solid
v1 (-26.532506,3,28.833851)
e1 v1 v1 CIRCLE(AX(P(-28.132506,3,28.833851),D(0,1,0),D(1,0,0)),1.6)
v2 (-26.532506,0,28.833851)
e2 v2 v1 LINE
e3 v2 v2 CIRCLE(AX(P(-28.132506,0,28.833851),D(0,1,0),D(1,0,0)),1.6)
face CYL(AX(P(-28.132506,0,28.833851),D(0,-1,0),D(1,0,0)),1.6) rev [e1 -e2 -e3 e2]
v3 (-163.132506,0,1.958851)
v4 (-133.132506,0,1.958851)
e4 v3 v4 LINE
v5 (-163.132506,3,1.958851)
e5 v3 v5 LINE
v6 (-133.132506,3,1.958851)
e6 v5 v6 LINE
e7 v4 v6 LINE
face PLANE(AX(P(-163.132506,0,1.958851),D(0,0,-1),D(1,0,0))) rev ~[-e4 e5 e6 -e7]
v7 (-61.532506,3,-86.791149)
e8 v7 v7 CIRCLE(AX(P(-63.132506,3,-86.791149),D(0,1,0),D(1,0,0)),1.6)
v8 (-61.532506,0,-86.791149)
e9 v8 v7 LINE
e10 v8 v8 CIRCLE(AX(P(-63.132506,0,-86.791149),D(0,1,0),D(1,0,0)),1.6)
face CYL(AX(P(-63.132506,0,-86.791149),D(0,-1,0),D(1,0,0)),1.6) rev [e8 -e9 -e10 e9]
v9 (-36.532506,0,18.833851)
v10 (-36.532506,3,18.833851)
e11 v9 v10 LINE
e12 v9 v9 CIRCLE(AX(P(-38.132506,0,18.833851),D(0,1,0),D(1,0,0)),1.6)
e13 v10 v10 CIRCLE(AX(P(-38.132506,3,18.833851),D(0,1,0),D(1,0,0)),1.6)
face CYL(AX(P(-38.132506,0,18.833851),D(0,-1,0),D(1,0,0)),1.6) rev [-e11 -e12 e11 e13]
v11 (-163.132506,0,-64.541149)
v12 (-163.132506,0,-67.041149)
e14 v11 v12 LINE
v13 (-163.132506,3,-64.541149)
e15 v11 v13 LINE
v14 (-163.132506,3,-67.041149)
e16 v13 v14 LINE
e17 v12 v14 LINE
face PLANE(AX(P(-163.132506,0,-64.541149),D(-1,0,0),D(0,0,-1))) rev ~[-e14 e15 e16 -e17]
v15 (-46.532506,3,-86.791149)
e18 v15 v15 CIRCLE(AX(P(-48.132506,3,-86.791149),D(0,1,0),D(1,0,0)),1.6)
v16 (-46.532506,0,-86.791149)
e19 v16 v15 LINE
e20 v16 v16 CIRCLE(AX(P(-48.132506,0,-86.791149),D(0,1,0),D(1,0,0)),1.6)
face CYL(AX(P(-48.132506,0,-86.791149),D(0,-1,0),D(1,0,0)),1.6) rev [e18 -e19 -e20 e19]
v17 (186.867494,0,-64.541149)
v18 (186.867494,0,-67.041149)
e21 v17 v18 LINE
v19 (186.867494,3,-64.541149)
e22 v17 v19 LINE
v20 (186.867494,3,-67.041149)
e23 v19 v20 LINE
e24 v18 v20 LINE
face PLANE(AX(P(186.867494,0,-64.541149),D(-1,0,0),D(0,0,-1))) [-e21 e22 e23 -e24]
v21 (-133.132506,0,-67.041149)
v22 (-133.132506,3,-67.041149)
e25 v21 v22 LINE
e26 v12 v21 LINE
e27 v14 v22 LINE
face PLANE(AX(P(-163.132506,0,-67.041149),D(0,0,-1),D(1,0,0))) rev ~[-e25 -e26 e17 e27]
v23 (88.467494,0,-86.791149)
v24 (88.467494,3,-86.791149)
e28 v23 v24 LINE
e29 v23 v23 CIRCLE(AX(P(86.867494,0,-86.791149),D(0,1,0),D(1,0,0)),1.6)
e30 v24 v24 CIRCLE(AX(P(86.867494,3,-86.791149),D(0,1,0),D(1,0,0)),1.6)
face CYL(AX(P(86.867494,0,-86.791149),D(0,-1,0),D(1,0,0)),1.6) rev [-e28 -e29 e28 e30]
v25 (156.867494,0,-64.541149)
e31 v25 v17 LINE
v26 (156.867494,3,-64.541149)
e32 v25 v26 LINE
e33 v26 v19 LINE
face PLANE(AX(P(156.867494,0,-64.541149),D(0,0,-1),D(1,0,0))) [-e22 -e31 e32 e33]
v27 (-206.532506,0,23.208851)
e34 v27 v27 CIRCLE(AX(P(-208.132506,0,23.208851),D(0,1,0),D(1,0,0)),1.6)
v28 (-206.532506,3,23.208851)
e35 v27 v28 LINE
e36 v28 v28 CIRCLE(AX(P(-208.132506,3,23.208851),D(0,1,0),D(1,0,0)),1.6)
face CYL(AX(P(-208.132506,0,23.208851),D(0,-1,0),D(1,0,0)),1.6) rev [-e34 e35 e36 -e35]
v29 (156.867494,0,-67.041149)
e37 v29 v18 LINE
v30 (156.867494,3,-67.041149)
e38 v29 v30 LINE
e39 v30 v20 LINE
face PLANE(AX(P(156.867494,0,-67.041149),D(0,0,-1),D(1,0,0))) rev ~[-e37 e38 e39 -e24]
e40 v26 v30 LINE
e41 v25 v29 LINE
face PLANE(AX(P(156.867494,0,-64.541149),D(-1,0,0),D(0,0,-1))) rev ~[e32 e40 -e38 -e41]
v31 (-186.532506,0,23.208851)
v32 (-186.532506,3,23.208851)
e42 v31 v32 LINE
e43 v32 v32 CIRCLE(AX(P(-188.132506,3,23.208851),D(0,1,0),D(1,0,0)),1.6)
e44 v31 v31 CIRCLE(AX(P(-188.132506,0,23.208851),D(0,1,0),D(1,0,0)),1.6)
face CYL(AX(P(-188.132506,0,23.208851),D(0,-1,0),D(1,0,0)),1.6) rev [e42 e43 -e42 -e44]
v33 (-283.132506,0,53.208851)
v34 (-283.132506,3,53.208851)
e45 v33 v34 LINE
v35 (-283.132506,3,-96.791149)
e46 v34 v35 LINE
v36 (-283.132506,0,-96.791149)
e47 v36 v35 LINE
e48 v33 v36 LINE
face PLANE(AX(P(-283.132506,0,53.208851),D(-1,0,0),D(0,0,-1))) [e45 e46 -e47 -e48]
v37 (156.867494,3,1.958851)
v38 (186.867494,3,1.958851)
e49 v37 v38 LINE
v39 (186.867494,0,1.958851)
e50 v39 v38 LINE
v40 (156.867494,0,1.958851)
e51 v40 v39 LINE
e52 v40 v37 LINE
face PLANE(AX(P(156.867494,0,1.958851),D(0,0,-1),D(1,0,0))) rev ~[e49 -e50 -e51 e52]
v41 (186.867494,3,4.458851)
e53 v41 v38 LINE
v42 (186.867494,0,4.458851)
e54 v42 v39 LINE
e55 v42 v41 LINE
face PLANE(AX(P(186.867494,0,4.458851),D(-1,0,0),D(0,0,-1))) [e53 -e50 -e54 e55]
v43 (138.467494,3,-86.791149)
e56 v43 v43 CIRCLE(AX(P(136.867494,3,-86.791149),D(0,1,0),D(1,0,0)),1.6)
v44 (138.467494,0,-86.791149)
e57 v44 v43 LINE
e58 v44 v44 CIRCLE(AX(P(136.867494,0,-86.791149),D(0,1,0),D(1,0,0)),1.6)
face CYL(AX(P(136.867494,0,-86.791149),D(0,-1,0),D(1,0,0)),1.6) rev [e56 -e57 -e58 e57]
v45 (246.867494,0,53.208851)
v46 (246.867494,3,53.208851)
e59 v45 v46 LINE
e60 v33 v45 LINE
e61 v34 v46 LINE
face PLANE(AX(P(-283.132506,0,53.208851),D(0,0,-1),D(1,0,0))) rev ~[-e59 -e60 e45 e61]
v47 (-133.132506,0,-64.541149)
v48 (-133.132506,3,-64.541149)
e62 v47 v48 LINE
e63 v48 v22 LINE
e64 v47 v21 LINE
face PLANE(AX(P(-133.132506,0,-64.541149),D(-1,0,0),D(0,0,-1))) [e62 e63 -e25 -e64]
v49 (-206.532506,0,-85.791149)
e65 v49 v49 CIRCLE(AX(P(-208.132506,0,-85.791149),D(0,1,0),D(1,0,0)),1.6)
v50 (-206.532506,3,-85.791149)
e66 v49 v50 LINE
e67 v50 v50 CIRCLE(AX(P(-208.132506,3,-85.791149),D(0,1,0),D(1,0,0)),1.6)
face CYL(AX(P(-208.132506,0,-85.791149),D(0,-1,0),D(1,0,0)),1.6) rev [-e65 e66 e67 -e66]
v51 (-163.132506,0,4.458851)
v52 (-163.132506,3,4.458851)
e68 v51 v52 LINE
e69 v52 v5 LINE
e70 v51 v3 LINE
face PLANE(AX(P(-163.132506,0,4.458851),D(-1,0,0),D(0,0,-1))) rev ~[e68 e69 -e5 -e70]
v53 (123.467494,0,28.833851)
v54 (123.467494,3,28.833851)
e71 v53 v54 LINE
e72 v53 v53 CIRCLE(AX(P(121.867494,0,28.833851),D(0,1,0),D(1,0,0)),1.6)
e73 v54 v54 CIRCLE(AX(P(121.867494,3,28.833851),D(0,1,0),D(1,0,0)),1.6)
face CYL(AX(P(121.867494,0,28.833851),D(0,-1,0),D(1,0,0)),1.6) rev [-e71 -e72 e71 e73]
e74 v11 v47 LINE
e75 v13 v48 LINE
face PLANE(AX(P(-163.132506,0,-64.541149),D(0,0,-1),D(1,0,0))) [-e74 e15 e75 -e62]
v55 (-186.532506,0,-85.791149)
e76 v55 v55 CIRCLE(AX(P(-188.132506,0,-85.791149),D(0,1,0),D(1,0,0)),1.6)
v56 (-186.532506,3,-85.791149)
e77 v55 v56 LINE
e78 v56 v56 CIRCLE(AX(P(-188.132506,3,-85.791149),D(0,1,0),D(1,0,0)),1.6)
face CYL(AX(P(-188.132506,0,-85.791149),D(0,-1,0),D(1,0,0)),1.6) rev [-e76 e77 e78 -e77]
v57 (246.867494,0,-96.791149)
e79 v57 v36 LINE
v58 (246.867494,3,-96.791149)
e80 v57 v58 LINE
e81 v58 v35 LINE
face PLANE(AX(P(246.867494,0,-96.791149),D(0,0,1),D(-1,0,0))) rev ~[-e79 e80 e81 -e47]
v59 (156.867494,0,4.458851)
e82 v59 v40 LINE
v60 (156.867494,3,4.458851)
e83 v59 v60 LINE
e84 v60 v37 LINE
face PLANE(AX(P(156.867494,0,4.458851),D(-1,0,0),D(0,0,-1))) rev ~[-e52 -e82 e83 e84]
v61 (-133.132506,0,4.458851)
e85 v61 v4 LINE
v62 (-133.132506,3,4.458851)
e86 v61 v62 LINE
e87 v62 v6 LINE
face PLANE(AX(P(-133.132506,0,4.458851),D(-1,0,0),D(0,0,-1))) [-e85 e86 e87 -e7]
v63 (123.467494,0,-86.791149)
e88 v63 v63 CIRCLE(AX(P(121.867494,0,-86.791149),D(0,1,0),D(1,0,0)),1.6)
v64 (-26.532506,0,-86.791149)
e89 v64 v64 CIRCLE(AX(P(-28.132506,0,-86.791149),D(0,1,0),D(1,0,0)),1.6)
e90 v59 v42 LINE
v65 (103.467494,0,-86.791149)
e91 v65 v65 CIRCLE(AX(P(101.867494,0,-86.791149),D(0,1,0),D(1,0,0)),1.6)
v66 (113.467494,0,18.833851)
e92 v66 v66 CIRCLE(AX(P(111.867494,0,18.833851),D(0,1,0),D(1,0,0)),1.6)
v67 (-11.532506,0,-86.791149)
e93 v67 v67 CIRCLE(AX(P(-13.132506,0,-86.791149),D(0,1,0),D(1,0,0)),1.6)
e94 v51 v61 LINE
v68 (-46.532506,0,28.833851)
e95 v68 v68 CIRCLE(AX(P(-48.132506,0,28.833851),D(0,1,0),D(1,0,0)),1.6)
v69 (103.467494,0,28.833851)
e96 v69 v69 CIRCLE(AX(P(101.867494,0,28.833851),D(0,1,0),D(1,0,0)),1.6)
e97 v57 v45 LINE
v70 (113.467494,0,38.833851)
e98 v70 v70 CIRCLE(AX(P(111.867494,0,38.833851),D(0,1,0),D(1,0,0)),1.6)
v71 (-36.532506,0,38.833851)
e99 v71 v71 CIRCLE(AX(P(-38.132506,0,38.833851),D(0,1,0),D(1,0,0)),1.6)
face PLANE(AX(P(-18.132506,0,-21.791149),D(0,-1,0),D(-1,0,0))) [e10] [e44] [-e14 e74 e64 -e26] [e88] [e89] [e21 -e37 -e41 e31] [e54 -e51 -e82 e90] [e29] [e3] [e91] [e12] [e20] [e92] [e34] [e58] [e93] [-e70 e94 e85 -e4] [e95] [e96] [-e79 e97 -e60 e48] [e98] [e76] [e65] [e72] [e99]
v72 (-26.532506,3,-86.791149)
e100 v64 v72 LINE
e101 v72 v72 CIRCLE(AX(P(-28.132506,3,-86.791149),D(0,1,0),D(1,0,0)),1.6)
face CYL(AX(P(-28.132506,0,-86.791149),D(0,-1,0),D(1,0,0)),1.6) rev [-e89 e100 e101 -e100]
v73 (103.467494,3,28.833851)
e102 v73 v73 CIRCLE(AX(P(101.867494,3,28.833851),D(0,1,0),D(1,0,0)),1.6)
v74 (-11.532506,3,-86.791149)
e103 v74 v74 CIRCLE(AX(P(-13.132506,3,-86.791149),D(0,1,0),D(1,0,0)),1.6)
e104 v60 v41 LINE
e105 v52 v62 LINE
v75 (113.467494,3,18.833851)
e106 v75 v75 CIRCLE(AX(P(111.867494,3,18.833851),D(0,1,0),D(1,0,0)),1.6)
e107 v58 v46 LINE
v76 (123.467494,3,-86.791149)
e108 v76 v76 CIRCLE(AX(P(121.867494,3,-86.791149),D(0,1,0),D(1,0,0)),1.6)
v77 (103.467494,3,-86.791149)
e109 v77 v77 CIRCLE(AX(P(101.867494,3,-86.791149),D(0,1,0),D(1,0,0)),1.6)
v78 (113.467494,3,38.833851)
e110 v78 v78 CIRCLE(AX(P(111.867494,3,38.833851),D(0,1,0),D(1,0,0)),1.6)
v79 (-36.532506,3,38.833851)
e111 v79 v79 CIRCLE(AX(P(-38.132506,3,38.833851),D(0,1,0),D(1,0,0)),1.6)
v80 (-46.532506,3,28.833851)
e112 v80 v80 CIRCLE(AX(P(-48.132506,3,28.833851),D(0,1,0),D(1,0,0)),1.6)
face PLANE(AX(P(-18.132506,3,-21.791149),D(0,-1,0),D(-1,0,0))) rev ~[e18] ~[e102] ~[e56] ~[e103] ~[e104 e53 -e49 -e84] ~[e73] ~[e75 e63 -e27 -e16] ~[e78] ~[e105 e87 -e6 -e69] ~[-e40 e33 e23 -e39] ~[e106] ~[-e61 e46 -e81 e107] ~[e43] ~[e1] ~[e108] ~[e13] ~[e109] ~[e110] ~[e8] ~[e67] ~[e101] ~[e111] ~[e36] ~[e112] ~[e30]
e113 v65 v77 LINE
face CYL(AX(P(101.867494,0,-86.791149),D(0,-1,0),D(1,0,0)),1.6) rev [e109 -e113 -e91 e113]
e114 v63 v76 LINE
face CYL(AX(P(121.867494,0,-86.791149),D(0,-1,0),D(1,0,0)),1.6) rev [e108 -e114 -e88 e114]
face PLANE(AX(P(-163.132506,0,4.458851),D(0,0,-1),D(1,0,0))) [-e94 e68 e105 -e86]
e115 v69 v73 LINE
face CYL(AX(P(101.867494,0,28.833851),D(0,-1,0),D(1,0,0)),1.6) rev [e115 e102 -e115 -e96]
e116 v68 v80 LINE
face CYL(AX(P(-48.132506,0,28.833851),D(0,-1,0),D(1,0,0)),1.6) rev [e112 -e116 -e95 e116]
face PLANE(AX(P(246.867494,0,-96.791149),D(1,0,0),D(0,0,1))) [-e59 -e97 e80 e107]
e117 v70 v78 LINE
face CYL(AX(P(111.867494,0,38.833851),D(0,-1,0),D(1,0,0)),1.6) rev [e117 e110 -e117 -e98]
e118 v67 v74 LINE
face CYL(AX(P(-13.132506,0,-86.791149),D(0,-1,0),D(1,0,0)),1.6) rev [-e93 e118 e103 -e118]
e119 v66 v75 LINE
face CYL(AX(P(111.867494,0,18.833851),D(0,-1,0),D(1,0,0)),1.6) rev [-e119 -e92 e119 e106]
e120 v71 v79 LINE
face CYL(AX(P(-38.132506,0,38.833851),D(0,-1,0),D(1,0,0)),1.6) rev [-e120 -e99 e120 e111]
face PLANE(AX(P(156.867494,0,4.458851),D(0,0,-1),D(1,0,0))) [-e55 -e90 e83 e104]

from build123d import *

# Parameters (mm, degrees)
SKETCH_1_R      = 1.6
SKETCH_1_W      = 30
SKETCH_1_H      = 2.5
EXTRUDE_1_DEPTH = 3


with BuildPart() as part:
    # 草图1 → 凸台-拉伸1 (new body)
    with BuildSketch(Plane(origin=(0, 0, 0), x_dir=(1, 0, 0), z_dir=(0, 1, 0))):
        Polygon((-223.132505708, 96.791149389), (246.867494292, 96.791149389), (246.867494292, -53.208850611), (-223.132505708, -53.208850611), (-283.132505708, -53.208850611), (-283.132505708, 96.791149389), align=None)
        with Locations((-208.132505708, -23.208850611)):
            Circle(SKETCH_1_R, mode=Mode.SUBTRACT)
        with Locations((-188.132505708, -23.208850611)):
            Circle(SKETCH_1_R, mode=Mode.SUBTRACT)
        with Locations((-208.132505708, 85.791149389)):
            Circle(SKETCH_1_R, mode=Mode.SUBTRACT)
        with Locations((-188.132505708, 85.791149389)):
            Circle(SKETCH_1_R, mode=Mode.SUBTRACT)
        with Locations((-48.132505708, -28.833850611)):
            Circle(SKETCH_1_R, mode=Mode.SUBTRACT)
        with Locations((-38.132505708, -38.833850611)):
            Circle(SKETCH_1_R, mode=Mode.SUBTRACT)
        with Locations((-28.132505708, -28.833850611)):
            Circle(SKETCH_1_R, mode=Mode.SUBTRACT)
        with Locations((-38.132505708, -18.833850611)):
            Circle(SKETCH_1_R, mode=Mode.SUBTRACT)
        with Locations((101.867494292, -28.833850611)):
            Circle(SKETCH_1_R, mode=Mode.SUBTRACT)
        with Locations((111.867494292, -18.833850611)):
            Circle(SKETCH_1_R, mode=Mode.SUBTRACT)
        with Locations((121.867494292, -28.833850611)):
            Circle(SKETCH_1_R, mode=Mode.SUBTRACT)
        with Locations((111.867494292, -38.833850611)):
            Circle(SKETCH_1_R, mode=Mode.SUBTRACT)
        with Locations((-63.132505708, 86.791149389)):
            Circle(SKETCH_1_R, mode=Mode.SUBTRACT)
        with Locations((-48.132505708, 86.791149389)):
            Circle(SKETCH_1_R, mode=Mode.SUBTRACT)
        with Locations((-28.132505708, 86.791149389)):
            Circle(SKETCH_1_R, mode=Mode.SUBTRACT)
        with Locations((-13.132505708, 86.791149389)):
            Circle(SKETCH_1_R, mode=Mode.SUBTRACT)
        with Locations((86.867494292, 86.791149389)):
            Circle(SKETCH_1_R, mode=Mode.SUBTRACT)
        with Locations((101.867494292, 86.791149389)):
            Circle(SKETCH_1_R, mode=Mode.SUBTRACT)
        with Locations((136.867494292, 86.791149389)):
            Circle(SKETCH_1_R, mode=Mode.SUBTRACT)
        with Locations((121.867494292, 86.791149389)):
            Circle(SKETCH_1_R, mode=Mode.SUBTRACT)
        with Locations((-148.132505708, -3.208850611)):
            Rectangle(SKETCH_1_W, SKETCH_1_H, mode=Mode.SUBTRACT)
        with Locations((171.867494292, -3.208850611)):
            Rectangle(SKETCH_1_W, SKETCH_1_H, mode=Mode.SUBTRACT)
        with Locations((171.867494292, 65.791149389)):
            Rectangle(SKETCH_1_W, SKETCH_1_H, mode=Mode.SUBTRACT)
        with Locations((-148.132505708, 65.791149389)):
            Rectangle(SKETCH_1_W, SKETCH_1_H, mode=Mode.SUBTRACT)
    extrude(amount=EXTRUDE_1_DEPTH)


solid = part.part
